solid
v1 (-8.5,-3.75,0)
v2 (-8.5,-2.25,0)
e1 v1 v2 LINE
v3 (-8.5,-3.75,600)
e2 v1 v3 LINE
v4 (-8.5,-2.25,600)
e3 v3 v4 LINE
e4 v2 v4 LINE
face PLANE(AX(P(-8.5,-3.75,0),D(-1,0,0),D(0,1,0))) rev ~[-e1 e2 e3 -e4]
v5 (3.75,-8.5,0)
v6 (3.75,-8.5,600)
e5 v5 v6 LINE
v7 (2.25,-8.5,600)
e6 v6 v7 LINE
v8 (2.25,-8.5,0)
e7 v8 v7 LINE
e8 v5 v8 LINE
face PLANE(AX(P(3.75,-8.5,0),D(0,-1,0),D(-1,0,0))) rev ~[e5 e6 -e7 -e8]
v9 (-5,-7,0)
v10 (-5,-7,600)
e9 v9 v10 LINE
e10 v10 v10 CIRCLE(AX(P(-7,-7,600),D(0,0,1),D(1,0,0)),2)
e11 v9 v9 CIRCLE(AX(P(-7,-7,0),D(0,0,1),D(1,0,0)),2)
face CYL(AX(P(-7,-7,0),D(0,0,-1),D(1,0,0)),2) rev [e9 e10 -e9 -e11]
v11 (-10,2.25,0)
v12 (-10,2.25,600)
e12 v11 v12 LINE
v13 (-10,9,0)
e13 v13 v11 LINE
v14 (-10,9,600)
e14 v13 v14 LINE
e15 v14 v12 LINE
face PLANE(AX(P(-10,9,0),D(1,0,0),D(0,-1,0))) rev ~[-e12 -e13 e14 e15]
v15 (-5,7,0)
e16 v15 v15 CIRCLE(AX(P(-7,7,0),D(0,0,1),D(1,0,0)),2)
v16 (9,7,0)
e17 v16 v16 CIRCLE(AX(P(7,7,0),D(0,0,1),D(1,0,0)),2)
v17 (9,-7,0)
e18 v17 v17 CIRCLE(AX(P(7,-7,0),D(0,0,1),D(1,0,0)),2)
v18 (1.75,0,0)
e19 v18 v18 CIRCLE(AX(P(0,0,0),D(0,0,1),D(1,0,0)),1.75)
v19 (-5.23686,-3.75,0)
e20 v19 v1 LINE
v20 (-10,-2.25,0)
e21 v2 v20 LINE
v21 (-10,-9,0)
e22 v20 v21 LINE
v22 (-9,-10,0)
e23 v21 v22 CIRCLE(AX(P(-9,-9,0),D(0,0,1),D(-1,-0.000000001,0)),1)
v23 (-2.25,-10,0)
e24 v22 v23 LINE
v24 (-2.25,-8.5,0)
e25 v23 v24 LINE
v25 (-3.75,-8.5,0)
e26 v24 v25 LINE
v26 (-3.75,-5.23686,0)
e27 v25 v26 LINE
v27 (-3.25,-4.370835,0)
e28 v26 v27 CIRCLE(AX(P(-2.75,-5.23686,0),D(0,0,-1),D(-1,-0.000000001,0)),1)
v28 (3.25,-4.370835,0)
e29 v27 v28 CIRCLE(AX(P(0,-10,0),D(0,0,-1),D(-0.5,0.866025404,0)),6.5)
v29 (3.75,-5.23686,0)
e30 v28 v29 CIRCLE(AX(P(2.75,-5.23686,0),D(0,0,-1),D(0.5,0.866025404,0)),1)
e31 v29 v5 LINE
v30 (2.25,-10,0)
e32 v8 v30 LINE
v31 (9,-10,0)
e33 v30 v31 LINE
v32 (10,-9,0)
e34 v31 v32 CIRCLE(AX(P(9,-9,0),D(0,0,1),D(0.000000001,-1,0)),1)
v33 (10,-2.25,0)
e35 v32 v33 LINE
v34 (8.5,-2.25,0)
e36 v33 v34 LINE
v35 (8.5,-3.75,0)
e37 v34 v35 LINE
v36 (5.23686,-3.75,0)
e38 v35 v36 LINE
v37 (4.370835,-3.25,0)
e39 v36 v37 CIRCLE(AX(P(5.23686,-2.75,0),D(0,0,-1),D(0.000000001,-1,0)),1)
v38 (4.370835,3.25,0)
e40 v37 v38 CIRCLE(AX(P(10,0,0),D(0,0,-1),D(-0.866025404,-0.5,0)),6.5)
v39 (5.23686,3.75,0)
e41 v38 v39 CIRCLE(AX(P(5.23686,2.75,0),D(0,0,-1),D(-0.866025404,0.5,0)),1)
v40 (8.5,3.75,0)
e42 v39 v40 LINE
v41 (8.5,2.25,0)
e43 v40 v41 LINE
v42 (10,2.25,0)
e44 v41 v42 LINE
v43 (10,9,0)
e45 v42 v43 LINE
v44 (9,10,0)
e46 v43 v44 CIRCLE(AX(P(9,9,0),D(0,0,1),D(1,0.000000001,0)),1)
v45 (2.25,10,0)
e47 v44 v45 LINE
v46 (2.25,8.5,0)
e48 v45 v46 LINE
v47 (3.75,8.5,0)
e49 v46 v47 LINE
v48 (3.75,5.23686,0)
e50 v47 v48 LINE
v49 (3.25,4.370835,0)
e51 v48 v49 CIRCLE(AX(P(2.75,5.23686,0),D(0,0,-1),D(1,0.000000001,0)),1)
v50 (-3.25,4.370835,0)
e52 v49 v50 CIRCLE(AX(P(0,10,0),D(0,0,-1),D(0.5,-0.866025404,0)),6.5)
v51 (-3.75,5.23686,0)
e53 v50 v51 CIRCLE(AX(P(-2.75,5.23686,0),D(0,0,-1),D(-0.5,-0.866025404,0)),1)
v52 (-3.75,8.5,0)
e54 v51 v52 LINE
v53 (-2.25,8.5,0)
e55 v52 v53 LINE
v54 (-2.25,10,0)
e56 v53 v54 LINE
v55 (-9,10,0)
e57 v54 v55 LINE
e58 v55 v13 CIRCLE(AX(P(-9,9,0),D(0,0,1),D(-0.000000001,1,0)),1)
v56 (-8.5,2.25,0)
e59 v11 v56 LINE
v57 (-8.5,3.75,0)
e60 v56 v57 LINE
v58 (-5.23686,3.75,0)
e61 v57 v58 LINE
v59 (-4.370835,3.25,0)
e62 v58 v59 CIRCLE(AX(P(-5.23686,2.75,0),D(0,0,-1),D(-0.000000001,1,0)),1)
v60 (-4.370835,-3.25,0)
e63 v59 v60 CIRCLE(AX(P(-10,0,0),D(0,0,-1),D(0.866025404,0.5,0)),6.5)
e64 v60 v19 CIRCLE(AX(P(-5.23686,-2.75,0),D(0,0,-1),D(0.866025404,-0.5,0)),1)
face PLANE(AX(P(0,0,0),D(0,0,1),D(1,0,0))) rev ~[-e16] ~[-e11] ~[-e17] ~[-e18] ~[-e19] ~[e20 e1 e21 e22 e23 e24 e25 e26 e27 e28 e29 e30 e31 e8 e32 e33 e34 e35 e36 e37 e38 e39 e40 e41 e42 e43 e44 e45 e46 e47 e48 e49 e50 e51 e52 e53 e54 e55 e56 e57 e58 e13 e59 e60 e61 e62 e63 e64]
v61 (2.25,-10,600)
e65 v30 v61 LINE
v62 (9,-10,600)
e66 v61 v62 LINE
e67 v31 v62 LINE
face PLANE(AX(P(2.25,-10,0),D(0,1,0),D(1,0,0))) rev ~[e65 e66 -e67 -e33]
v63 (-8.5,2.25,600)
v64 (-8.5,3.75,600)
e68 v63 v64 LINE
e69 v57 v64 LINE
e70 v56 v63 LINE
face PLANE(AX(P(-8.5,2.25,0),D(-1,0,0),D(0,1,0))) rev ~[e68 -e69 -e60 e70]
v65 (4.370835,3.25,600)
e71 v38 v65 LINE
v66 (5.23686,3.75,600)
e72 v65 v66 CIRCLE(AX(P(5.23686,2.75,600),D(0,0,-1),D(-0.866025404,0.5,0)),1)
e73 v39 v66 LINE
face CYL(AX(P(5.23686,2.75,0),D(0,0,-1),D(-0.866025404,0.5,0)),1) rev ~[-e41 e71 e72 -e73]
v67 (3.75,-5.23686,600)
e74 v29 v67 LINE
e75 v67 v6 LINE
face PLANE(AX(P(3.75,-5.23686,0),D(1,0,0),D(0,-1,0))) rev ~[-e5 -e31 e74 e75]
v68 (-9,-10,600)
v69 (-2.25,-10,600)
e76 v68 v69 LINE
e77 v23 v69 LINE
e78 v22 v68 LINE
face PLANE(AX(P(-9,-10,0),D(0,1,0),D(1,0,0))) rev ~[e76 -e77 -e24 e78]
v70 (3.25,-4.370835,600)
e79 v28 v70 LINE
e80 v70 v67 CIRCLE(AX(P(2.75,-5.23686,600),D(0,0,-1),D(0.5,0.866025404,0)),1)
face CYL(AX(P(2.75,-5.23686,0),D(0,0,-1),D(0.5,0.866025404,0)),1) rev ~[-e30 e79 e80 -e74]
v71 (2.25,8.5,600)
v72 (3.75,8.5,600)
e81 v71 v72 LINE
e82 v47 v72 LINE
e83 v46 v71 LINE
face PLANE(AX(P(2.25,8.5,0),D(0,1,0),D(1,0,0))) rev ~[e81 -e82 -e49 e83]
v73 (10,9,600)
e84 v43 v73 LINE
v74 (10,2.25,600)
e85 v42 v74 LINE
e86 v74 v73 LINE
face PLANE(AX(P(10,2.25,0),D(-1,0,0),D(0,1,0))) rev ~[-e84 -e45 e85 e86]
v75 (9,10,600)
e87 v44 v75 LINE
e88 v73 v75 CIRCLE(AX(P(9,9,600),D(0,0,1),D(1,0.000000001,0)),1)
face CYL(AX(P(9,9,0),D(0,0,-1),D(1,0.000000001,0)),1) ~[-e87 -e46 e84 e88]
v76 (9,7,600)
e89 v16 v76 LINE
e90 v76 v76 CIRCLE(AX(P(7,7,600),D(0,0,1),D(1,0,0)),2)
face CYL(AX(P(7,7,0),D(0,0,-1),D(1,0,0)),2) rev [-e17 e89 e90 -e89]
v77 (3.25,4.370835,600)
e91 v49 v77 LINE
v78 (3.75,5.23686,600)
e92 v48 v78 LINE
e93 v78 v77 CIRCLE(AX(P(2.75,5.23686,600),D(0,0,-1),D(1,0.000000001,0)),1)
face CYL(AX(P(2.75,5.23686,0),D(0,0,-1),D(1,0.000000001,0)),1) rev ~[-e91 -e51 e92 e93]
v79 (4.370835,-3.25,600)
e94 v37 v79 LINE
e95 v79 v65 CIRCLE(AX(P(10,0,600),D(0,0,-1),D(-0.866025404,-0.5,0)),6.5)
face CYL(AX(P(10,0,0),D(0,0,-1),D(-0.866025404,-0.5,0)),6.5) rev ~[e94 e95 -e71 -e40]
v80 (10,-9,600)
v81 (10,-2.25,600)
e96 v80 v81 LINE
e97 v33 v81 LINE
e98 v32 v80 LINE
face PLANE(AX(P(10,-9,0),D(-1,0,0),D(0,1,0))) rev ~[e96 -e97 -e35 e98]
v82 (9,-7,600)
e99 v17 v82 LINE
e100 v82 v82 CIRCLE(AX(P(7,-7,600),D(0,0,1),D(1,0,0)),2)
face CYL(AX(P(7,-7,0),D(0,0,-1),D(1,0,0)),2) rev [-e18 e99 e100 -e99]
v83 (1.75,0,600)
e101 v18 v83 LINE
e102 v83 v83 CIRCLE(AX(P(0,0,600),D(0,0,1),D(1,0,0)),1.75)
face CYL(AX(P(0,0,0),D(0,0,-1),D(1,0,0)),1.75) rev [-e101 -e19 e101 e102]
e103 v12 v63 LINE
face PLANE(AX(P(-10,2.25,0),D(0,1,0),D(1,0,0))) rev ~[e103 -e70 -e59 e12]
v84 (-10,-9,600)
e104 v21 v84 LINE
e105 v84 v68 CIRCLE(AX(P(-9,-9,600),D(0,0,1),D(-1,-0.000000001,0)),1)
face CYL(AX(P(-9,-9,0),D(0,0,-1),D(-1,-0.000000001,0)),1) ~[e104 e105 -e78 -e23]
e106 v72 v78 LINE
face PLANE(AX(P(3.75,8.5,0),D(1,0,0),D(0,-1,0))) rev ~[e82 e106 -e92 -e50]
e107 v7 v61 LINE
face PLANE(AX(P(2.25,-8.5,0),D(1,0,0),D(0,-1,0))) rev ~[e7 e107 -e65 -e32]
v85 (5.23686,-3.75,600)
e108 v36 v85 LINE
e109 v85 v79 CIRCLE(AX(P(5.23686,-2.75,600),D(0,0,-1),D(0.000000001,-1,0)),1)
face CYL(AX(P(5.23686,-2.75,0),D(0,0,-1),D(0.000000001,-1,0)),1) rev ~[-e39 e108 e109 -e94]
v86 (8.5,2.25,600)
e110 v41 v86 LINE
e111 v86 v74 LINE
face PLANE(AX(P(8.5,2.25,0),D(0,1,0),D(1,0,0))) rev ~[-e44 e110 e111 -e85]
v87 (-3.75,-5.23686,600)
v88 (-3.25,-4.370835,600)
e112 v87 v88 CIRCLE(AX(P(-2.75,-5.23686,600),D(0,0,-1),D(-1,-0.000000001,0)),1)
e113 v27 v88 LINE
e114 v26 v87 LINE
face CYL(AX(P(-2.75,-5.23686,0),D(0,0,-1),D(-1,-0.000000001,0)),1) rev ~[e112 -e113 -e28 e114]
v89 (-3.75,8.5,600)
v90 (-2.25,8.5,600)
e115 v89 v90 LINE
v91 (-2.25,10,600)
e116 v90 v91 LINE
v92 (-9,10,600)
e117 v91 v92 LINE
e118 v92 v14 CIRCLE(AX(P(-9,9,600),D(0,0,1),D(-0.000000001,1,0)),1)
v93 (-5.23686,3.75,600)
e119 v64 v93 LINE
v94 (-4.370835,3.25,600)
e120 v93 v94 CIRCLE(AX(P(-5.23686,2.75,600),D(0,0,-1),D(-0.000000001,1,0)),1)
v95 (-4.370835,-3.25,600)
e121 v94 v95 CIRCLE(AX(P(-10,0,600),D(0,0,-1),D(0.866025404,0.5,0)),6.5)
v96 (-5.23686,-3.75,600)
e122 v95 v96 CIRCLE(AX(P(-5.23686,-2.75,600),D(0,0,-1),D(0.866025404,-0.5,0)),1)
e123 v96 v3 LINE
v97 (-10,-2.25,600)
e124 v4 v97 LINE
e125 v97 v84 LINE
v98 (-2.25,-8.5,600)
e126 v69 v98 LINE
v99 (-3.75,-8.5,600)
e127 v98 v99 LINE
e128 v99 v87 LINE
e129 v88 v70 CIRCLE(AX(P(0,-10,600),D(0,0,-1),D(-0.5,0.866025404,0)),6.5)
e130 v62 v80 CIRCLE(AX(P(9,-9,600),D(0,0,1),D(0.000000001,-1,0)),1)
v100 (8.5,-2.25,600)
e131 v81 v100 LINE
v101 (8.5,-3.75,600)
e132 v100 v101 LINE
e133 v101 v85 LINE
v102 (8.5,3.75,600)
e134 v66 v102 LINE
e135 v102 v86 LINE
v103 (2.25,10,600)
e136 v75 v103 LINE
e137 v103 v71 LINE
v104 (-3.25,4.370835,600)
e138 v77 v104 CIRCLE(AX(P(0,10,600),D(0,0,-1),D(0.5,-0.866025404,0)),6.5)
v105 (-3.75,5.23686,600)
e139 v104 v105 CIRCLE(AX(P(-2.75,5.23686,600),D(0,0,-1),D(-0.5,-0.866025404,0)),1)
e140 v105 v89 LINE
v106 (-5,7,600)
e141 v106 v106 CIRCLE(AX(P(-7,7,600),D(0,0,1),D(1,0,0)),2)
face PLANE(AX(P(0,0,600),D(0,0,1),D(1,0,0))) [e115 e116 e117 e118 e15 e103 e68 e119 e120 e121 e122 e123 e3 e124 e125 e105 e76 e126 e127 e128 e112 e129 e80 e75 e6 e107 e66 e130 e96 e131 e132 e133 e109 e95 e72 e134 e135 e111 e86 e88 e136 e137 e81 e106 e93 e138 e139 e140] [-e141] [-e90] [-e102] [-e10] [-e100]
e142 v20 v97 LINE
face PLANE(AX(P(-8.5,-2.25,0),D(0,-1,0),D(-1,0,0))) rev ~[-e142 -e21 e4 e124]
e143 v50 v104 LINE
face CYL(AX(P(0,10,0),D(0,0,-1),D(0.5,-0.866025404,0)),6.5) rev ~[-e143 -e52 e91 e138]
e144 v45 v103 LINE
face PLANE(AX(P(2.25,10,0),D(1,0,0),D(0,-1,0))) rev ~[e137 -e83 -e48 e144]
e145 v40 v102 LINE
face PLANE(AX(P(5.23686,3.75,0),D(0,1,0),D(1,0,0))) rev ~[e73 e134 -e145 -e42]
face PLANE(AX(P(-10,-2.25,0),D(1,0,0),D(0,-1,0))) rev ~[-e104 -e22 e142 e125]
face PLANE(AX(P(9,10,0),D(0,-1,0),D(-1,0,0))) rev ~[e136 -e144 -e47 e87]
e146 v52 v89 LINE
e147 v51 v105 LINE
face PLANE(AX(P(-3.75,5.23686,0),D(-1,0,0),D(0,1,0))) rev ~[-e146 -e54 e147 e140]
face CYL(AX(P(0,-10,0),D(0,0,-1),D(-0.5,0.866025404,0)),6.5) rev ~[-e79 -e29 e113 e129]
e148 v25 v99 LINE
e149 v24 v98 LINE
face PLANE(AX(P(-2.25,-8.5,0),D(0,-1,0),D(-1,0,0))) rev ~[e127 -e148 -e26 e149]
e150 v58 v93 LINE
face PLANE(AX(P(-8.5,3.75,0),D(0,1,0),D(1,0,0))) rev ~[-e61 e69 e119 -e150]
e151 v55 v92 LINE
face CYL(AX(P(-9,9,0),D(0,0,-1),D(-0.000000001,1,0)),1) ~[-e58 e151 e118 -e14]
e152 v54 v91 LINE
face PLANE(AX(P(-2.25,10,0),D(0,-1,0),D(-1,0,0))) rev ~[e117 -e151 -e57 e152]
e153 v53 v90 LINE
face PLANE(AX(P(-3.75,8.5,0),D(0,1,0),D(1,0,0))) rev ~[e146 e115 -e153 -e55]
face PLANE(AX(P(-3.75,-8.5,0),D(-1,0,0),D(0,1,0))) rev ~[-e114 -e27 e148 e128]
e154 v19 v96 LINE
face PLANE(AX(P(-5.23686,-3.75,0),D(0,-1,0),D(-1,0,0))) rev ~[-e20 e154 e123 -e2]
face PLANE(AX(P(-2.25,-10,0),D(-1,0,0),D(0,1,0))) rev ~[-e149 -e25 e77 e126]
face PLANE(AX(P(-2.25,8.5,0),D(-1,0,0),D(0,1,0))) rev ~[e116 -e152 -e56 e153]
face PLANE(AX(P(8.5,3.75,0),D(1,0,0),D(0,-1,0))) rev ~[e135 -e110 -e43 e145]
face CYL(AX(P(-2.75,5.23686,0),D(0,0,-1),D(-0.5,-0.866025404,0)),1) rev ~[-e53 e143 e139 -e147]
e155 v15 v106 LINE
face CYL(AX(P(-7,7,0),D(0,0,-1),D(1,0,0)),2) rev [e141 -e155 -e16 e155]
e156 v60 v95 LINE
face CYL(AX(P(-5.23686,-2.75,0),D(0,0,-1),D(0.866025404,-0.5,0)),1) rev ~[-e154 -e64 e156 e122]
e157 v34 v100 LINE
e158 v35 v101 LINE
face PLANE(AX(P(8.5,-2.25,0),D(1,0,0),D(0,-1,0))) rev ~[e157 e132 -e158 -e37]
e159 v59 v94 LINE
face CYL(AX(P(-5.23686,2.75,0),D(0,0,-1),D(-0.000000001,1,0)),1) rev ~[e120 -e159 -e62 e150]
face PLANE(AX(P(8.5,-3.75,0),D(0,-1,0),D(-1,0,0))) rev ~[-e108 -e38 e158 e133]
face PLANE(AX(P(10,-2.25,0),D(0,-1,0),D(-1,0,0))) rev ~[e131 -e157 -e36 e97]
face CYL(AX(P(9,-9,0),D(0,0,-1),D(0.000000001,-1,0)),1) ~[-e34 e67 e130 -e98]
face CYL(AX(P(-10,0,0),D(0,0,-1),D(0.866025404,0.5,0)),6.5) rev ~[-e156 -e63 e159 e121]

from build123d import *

# Parameters (mm, degrees)
SKETCH1_R           = 2
SKETCH1_R_2         = 1.75
BOSS_EXTRUDE1_DEPTH = 600


with BuildPart() as part:
    # Sketch1 → Boss-Extrude1 (new body)
    with BuildSketch(Plane.XY):
        with BuildLine():
            Line((-10, 9), (-10, 2.25))
            Line((-10, 2.25), (-8.5, 2.25))
            Line((-8.5, 2.25), (-8.5, 3.75))
            Line((-8.5, 3.75), (-5.236860279, 3.75))
            ThreePointArc((-5.236860279, 3.75), (-4.736860279, 3.616025404), (-4.370834875, 3.25))
            ThreePointArc((-4.370834875, 3.25), (-3.5, 0), (-4.370834875, -3.25))
            ThreePointArc((-4.370834875, -3.25), (-4.736860279, -3.616025404), (-5.236860279, -3.75))
            Line((-5.236860279, -3.75), (-8.5, -3.75))
            Line((-8.5, -3.75), (-8.5, -2.25))
            Line((-8.5, -2.25), (-10, -2.25))
            Line((-10, -2.25), (-10, -9))
            ThreePointArc((-10, -9), (-9.707106781, -9.707106781), (-9, -10))
            Line((-9, -10), (-2.25, -10))
            Line((-2.25, -10), (-2.25, -8.5))
            Line((-2.25, -8.5), (-3.75, -8.5))
            Line((-3.75, -8.5), (-3.75, -5.236860279))
            ThreePointArc((-3.75, -5.236860279), (-3.616025404, -4.736860279), (-3.25, -4.370834875))
            ThreePointArc((-3.25, -4.370834875), (0, -3.5), (3.25, -4.370834875))
            ThreePointArc((3.25, -4.370834875), (3.616025404, -4.736860279), (3.75, -5.236860279))
            Line((3.75, -5.236860279), (3.75, -8.5))
            Line((3.75, -8.5), (2.25, -8.5))
            Line((2.25, -8.5), (2.25, -10))
            Line((2.25, -10), (9, -10))
            ThreePointArc((9, -10), (9.707106781, -9.707106781), (10, -9))
            Line((10, -9), (10, -2.25))
            Line((10, -2.25), (8.5, -2.25))
            Line((8.5, -2.25), (8.5, -3.75))
            Line((8.5, -3.75), (5.236860279, -3.75))
            ThreePointArc((5.236860279, -3.75), (4.736860279, -3.616025404), (4.370834875, -3.25))
            ThreePointArc((4.370834875, -3.25), (3.5, 0), (4.370834875, 3.25))
            ThreePointArc((4.370834875, 3.25), (4.736860279, 3.616025404), (5.236860279, 3.75))
            Line((5.236860279, 3.75), (8.5, 3.75))
            Line((8.5, 3.75), (8.5, 2.25))
            Line((8.5, 2.25), (10, 2.25))
            Line((10, 2.25), (10, 9))
            ThreePointArc((10, 9), (9.707106781, 9.707106781), (9, 10))
            Line((9, 10), (2.25, 10))
            Line((2.25, 10), (2.25, 8.5))
            Line((2.25, 8.5), (3.75, 8.5))
            Line((3.75, 8.5), (3.75, 5.236860279))
            ThreePointArc((3.75, 5.236860279), (3.616025404, 4.736860279), (3.25, 4.370834875))
            ThreePointArc((3.25, 4.370834875), (0, 3.5), (-3.25, 4.370834875))
            ThreePointArc((-3.25, 4.370834875), (-3.616025404, 4.736860279), (-3.75, 5.236860279))
            Line((-3.75, 5.236860279), (-3.75, 8.5))
            Line((-3.75, 8.5), (-2.25, 8.5))
            Line((-2.25, 8.5), (-2.25, 10))
            Line((-2.25, 10), (-9, 10))
            ThreePointArc((-9, 10), (-9.707106781, 9.707106781), (-10, 9))
        make_face()
        with Locations((-7, -7)):
            Circle(SKETCH1_R, mode=Mode.SUBTRACT)
        with Locations((7, -7)):
            Circle(SKETCH1_R, mode=Mode.SUBTRACT)
        with Locations((7, 7)):
            Circle(SKETCH1_R, mode=Mode.SUBTRACT)
        Circle(SKETCH1_R_2, mode=Mode.SUBTRACT)
        with Locations((-7, 7)):
            Circle(SKETCH1_R, mode=Mode.SUBTRACT)
    extrude(amount=BOSS_EXTRUDE1_DEPTH)


solid = part.part
